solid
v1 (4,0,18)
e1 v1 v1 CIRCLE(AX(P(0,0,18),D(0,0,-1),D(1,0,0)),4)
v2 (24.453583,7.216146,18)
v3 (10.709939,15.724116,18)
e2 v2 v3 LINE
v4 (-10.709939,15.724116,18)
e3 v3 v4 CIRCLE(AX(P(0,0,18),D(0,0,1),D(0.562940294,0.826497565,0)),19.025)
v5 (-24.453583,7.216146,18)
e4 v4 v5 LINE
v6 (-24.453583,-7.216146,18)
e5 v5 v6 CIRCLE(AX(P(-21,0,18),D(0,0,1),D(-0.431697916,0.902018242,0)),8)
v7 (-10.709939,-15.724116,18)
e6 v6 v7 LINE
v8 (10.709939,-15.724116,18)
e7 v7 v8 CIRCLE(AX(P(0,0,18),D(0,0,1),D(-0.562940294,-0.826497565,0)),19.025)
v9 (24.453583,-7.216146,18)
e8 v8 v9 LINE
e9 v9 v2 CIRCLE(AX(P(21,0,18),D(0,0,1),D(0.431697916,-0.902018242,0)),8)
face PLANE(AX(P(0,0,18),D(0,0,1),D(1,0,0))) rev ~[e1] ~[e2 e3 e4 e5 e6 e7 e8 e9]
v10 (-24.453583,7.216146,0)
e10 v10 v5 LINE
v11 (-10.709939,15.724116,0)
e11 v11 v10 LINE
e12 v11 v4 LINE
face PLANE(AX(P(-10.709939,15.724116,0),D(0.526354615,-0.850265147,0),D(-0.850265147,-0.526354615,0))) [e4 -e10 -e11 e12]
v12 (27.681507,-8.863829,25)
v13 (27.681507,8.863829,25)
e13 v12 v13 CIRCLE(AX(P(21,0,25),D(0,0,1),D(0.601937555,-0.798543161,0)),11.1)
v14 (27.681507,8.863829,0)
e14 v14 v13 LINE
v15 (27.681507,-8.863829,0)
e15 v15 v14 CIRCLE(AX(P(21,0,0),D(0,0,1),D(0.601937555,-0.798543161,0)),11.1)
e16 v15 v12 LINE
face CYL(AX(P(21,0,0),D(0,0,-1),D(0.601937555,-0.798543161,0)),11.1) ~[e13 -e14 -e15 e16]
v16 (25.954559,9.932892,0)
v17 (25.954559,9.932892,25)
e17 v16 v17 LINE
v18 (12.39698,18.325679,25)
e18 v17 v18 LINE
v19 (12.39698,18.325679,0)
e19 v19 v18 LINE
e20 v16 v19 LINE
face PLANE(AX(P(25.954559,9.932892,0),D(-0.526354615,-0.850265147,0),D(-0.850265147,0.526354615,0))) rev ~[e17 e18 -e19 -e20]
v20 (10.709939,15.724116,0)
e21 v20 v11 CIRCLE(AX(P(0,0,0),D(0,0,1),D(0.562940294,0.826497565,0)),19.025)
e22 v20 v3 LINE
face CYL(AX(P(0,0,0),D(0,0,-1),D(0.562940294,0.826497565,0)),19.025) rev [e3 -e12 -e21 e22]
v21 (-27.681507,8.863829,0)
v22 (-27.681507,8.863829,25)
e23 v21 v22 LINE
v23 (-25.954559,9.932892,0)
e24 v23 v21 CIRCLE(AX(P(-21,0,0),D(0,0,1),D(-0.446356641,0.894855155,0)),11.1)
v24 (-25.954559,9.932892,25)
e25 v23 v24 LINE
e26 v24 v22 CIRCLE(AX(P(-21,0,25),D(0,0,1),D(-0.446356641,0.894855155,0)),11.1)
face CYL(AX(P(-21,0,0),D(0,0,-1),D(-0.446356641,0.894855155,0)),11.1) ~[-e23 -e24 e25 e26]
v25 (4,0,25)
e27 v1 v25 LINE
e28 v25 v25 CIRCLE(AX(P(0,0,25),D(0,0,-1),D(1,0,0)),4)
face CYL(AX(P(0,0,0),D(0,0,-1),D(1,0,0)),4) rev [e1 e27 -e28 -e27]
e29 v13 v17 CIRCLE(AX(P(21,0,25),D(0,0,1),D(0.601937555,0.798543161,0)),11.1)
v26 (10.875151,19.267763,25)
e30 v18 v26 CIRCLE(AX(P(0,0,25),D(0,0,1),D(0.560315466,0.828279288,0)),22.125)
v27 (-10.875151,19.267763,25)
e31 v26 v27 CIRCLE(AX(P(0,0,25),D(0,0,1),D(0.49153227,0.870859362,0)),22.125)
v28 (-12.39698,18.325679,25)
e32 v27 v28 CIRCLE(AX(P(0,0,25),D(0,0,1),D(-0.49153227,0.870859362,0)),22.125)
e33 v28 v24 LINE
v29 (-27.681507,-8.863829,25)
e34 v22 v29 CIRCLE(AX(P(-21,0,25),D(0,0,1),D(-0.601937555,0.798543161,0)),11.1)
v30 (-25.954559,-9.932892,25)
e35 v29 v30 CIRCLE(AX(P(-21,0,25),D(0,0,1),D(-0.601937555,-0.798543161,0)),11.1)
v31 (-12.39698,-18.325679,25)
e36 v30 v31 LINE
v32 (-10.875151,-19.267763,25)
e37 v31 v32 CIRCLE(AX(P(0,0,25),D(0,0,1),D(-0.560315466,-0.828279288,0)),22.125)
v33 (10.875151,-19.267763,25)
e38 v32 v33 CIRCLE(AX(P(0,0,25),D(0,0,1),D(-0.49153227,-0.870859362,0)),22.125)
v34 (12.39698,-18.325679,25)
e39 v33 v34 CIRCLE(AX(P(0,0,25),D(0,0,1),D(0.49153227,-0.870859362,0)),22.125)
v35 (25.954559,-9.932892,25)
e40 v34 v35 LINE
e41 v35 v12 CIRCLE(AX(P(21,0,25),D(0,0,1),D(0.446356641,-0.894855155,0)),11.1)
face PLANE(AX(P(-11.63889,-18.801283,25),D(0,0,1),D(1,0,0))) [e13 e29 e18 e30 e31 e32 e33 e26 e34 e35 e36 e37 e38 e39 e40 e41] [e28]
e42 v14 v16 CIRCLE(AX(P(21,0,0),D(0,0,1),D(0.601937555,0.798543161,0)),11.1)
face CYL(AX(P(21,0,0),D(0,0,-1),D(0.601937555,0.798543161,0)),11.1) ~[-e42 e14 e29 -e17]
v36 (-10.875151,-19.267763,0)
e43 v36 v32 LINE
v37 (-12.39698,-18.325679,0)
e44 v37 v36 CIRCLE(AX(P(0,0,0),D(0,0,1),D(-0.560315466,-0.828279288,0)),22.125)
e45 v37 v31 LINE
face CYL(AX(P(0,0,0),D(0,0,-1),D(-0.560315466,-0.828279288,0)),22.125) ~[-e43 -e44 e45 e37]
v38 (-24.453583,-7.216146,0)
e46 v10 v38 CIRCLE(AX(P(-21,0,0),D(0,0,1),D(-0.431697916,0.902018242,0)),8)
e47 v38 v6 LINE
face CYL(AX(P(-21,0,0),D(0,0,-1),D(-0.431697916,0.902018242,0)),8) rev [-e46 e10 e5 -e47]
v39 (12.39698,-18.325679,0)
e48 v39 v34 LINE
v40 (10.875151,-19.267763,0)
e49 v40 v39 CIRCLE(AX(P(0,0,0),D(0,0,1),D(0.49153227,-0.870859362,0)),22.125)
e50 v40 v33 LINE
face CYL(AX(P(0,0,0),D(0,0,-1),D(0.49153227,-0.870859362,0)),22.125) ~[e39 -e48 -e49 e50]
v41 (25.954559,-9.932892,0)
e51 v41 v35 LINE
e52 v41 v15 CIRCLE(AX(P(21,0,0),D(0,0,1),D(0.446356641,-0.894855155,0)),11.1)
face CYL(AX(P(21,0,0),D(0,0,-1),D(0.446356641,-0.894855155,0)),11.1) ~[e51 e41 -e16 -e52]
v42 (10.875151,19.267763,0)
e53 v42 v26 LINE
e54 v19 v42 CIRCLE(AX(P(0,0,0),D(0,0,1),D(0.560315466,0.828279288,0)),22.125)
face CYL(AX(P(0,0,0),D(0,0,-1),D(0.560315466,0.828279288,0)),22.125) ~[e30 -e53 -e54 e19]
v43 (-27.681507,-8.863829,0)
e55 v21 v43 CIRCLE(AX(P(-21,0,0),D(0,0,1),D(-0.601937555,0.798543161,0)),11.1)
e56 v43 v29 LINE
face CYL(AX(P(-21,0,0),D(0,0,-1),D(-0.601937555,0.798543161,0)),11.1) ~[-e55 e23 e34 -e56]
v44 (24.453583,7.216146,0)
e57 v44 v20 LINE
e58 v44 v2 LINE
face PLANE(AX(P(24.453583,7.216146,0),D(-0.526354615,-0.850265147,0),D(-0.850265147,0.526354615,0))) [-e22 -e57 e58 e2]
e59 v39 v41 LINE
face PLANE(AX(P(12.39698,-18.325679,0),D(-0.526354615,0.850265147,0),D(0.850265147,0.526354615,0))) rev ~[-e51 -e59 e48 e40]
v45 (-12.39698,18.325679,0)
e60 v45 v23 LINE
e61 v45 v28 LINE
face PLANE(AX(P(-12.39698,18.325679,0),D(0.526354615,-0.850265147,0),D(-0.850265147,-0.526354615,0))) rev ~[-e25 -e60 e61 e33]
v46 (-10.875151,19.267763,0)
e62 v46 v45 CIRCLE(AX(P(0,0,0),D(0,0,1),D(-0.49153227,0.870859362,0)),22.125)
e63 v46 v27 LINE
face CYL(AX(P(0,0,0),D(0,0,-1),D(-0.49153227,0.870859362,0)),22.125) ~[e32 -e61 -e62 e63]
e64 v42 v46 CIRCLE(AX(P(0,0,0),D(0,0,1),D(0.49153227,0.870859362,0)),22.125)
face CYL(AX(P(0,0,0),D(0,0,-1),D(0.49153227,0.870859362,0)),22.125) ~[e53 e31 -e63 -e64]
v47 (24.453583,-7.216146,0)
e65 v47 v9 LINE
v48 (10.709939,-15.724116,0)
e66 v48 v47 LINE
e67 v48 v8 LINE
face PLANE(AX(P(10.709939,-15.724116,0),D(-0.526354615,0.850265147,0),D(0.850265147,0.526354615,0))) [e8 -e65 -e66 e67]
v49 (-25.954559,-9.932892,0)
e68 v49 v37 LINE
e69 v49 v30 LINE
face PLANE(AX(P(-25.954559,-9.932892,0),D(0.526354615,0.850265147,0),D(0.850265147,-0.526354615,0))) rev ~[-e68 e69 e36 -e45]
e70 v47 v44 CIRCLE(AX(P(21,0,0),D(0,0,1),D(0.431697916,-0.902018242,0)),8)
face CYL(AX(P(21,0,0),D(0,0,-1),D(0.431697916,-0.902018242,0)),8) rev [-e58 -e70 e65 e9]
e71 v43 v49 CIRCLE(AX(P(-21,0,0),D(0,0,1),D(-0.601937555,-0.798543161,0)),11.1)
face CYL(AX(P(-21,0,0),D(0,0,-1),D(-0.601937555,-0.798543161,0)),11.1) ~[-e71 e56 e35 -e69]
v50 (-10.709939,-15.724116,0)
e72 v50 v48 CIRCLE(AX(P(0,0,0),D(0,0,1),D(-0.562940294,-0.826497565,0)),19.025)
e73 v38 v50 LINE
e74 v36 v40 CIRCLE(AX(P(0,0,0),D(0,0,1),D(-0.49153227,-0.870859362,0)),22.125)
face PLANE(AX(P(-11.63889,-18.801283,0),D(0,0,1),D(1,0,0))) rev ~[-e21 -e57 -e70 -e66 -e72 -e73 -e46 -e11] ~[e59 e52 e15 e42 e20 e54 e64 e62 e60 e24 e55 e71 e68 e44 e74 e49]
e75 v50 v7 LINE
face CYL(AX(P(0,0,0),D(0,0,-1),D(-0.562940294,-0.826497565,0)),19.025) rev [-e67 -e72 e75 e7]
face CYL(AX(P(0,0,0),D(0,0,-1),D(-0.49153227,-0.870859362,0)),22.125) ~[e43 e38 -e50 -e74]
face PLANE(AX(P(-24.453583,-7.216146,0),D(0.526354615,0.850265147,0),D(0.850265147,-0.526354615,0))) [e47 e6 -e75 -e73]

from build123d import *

# Parameters (mm, degrees)
F1_DEPTH = 25
F3_DEPTH = 18
F4_R     = 4
F5_DEPTH = 25.001


with BuildPart() as f1:
    # F0 (on Top) → F1 (new body)
    with BuildSketch(Plane.XY):
        with BuildLine():
            Line((-10.875151469, -19.2677633763), (-12.3969796785, -18.3256792466))
            ThreePointArc((-12.3969796785, -18.3256792466), (-11.6455958484, -18.8121163705), (-10.875151469, -19.2677633763))
        make_face()
        with BuildLine():
            Line((-25.9545587129, -9.9328922254), (-12.3969796785, -18.3256792466))
            Line((-12.3969796785, -18.3256792466), (-10.875151469, -19.2677633763))
            ThreePointArc((-10.875151469, -19.2677633763), (0, -22.125), (10.875151469, -19.2677633763))
            Line((10.875151469, -19.2677633763), (12.3969796785, -18.3256792466))
            Line((12.3969796785, -18.3256792466), (25.9545587129, -9.9328922254))
            Line((25.9545587129, -9.9328922254), (27.6815068609, -8.8638290861))
            ThreePointArc((27.6815068609, -8.8638290861), (32.1, 0), (27.6815068609, 8.8638290861))
            Line((27.6815068609, 8.8638290861), (25.9545587129, 9.9328922254))
            Line((25.9545587129, 9.9328922254), (12.3969796785, 18.3256792466))
            Line((12.3969796785, 18.3256792466), (10.875151469, 19.2677633763))
            ThreePointArc((10.875151469, 19.2677633763), (0, 22.125), (-10.875151469, 19.2677633763))
            Line((-10.875151469, 19.2677633763), (-12.3969796785, 18.3256792466))
            Line((-12.3969796785, 18.3256792466), (-25.9545587129, 9.9328922254))
            Line((-25.9545587129, 9.9328922254), (-27.6815068609, 8.8638290861))
            ThreePointArc((-27.6815068609, 8.8638290861), (-32.1, 0), (-27.6815068609, -8.8638290861))
            Line((-27.6815068609, -8.8638290861), (-25.9545587129, -9.9328922254))
        make_face()
        with BuildLine():
            ThreePointArc((-25.9545587129, 9.9328922254), (-26.8425362222, 9.4379431282), (-27.6815068609, 8.8638290861))
            Line((-27.6815068609, 8.8638290861), (-25.9545587129, 9.9328922254))
        make_face()
        with BuildLine():
            ThreePointArc((-10.875151469, 19.2677633763), (-11.6455958484, 18.8121163705), (-12.3969796785, 18.3256792466))
            Line((-12.3969796785, 18.3256792466), (-10.875151469, 19.2677633763))
        make_face()
        with BuildLine():
            ThreePointArc((12.3969796785, 18.3256792466), (11.6455958484, 18.8121163705), (10.875151469, 19.2677633763))
            Line((10.875151469, 19.2677633763), (12.3969796785, 18.3256792466))
        make_face()
        with BuildLine():
            Line((25.9545587129, 9.9328922254), (27.6815068609, 8.8638290861))
            ThreePointArc((27.6815068609, 8.8638290861), (26.8425362222, 9.4379431282), (25.9545587129, 9.9328922254))
        make_face()
        with BuildLine():
            Line((27.6815068609, -8.8638290861), (25.9545587129, -9.9328922254))
            ThreePointArc((25.9545587129, -9.9328922254), (26.8425362222, -9.4379431282), (27.6815068609, -8.8638290861))
        make_face()
        with BuildLine():
            ThreePointArc((-27.6815068609, -8.8638290861), (-26.8425362222, -9.4379431282), (-25.9545587129, -9.9328922254))
            Line((-25.9545587129, -9.9328922254), (-27.6815068609, -8.8638290861))
        make_face()
        with BuildLine():
            Line((12.3969796785, -18.3256792466), (10.875151469, -19.2677633763))
            ThreePointArc((10.875151469, -19.2677633763), (11.6455958484, -18.8121163705), (12.3969796785, -18.3256792466))
        make_face()
    extrude(amount=F1_DEPTH)

    # F2 (on Top) → F3 (cut)
    with BuildSketch(Plane.XY):
        with BuildLine():
            ThreePointArc((-24.4535832454, 7.2161457692), (-28.9999998122, 0), (-24.4535832454, -7.2161457692))
            Line((-24.4535832454, -7.2161457692), (-10.7099389872, -15.7241160243))
            ThreePointArc((-10.7099389872, -15.7241160243), (0, -19.0249998122), (10.7099389872, -15.7241160243))
            Line((10.7099389872, -15.7241160243), (24.4535832454, -7.2161457692))
            ThreePointArc((24.4535832454, -7.2161457692), (28.9999998122, 0), (24.4535832454, 7.2161457692))
            Line((24.4535832454, 7.2161457692), (10.7099389872, 15.7241160243))
            ThreePointArc((10.7099389872, 15.7241160243), (0, 19.0249998122), (-10.7099389872, 15.7241160243))
            Line((-10.7099389872, 15.7241160243), (-24.4535832454, 7.2161457692))
        make_face()
    extrude(amount=F3_DEPTH, mode=Mode.SUBTRACT)

    # F4 (on Top) → F5 (cut, through all)
    with BuildSketch(Plane.XY):
        Circle(F4_R)
    extrude(amount=F5_DEPTH, mode=Mode.SUBTRACT)


solid = f1.part
